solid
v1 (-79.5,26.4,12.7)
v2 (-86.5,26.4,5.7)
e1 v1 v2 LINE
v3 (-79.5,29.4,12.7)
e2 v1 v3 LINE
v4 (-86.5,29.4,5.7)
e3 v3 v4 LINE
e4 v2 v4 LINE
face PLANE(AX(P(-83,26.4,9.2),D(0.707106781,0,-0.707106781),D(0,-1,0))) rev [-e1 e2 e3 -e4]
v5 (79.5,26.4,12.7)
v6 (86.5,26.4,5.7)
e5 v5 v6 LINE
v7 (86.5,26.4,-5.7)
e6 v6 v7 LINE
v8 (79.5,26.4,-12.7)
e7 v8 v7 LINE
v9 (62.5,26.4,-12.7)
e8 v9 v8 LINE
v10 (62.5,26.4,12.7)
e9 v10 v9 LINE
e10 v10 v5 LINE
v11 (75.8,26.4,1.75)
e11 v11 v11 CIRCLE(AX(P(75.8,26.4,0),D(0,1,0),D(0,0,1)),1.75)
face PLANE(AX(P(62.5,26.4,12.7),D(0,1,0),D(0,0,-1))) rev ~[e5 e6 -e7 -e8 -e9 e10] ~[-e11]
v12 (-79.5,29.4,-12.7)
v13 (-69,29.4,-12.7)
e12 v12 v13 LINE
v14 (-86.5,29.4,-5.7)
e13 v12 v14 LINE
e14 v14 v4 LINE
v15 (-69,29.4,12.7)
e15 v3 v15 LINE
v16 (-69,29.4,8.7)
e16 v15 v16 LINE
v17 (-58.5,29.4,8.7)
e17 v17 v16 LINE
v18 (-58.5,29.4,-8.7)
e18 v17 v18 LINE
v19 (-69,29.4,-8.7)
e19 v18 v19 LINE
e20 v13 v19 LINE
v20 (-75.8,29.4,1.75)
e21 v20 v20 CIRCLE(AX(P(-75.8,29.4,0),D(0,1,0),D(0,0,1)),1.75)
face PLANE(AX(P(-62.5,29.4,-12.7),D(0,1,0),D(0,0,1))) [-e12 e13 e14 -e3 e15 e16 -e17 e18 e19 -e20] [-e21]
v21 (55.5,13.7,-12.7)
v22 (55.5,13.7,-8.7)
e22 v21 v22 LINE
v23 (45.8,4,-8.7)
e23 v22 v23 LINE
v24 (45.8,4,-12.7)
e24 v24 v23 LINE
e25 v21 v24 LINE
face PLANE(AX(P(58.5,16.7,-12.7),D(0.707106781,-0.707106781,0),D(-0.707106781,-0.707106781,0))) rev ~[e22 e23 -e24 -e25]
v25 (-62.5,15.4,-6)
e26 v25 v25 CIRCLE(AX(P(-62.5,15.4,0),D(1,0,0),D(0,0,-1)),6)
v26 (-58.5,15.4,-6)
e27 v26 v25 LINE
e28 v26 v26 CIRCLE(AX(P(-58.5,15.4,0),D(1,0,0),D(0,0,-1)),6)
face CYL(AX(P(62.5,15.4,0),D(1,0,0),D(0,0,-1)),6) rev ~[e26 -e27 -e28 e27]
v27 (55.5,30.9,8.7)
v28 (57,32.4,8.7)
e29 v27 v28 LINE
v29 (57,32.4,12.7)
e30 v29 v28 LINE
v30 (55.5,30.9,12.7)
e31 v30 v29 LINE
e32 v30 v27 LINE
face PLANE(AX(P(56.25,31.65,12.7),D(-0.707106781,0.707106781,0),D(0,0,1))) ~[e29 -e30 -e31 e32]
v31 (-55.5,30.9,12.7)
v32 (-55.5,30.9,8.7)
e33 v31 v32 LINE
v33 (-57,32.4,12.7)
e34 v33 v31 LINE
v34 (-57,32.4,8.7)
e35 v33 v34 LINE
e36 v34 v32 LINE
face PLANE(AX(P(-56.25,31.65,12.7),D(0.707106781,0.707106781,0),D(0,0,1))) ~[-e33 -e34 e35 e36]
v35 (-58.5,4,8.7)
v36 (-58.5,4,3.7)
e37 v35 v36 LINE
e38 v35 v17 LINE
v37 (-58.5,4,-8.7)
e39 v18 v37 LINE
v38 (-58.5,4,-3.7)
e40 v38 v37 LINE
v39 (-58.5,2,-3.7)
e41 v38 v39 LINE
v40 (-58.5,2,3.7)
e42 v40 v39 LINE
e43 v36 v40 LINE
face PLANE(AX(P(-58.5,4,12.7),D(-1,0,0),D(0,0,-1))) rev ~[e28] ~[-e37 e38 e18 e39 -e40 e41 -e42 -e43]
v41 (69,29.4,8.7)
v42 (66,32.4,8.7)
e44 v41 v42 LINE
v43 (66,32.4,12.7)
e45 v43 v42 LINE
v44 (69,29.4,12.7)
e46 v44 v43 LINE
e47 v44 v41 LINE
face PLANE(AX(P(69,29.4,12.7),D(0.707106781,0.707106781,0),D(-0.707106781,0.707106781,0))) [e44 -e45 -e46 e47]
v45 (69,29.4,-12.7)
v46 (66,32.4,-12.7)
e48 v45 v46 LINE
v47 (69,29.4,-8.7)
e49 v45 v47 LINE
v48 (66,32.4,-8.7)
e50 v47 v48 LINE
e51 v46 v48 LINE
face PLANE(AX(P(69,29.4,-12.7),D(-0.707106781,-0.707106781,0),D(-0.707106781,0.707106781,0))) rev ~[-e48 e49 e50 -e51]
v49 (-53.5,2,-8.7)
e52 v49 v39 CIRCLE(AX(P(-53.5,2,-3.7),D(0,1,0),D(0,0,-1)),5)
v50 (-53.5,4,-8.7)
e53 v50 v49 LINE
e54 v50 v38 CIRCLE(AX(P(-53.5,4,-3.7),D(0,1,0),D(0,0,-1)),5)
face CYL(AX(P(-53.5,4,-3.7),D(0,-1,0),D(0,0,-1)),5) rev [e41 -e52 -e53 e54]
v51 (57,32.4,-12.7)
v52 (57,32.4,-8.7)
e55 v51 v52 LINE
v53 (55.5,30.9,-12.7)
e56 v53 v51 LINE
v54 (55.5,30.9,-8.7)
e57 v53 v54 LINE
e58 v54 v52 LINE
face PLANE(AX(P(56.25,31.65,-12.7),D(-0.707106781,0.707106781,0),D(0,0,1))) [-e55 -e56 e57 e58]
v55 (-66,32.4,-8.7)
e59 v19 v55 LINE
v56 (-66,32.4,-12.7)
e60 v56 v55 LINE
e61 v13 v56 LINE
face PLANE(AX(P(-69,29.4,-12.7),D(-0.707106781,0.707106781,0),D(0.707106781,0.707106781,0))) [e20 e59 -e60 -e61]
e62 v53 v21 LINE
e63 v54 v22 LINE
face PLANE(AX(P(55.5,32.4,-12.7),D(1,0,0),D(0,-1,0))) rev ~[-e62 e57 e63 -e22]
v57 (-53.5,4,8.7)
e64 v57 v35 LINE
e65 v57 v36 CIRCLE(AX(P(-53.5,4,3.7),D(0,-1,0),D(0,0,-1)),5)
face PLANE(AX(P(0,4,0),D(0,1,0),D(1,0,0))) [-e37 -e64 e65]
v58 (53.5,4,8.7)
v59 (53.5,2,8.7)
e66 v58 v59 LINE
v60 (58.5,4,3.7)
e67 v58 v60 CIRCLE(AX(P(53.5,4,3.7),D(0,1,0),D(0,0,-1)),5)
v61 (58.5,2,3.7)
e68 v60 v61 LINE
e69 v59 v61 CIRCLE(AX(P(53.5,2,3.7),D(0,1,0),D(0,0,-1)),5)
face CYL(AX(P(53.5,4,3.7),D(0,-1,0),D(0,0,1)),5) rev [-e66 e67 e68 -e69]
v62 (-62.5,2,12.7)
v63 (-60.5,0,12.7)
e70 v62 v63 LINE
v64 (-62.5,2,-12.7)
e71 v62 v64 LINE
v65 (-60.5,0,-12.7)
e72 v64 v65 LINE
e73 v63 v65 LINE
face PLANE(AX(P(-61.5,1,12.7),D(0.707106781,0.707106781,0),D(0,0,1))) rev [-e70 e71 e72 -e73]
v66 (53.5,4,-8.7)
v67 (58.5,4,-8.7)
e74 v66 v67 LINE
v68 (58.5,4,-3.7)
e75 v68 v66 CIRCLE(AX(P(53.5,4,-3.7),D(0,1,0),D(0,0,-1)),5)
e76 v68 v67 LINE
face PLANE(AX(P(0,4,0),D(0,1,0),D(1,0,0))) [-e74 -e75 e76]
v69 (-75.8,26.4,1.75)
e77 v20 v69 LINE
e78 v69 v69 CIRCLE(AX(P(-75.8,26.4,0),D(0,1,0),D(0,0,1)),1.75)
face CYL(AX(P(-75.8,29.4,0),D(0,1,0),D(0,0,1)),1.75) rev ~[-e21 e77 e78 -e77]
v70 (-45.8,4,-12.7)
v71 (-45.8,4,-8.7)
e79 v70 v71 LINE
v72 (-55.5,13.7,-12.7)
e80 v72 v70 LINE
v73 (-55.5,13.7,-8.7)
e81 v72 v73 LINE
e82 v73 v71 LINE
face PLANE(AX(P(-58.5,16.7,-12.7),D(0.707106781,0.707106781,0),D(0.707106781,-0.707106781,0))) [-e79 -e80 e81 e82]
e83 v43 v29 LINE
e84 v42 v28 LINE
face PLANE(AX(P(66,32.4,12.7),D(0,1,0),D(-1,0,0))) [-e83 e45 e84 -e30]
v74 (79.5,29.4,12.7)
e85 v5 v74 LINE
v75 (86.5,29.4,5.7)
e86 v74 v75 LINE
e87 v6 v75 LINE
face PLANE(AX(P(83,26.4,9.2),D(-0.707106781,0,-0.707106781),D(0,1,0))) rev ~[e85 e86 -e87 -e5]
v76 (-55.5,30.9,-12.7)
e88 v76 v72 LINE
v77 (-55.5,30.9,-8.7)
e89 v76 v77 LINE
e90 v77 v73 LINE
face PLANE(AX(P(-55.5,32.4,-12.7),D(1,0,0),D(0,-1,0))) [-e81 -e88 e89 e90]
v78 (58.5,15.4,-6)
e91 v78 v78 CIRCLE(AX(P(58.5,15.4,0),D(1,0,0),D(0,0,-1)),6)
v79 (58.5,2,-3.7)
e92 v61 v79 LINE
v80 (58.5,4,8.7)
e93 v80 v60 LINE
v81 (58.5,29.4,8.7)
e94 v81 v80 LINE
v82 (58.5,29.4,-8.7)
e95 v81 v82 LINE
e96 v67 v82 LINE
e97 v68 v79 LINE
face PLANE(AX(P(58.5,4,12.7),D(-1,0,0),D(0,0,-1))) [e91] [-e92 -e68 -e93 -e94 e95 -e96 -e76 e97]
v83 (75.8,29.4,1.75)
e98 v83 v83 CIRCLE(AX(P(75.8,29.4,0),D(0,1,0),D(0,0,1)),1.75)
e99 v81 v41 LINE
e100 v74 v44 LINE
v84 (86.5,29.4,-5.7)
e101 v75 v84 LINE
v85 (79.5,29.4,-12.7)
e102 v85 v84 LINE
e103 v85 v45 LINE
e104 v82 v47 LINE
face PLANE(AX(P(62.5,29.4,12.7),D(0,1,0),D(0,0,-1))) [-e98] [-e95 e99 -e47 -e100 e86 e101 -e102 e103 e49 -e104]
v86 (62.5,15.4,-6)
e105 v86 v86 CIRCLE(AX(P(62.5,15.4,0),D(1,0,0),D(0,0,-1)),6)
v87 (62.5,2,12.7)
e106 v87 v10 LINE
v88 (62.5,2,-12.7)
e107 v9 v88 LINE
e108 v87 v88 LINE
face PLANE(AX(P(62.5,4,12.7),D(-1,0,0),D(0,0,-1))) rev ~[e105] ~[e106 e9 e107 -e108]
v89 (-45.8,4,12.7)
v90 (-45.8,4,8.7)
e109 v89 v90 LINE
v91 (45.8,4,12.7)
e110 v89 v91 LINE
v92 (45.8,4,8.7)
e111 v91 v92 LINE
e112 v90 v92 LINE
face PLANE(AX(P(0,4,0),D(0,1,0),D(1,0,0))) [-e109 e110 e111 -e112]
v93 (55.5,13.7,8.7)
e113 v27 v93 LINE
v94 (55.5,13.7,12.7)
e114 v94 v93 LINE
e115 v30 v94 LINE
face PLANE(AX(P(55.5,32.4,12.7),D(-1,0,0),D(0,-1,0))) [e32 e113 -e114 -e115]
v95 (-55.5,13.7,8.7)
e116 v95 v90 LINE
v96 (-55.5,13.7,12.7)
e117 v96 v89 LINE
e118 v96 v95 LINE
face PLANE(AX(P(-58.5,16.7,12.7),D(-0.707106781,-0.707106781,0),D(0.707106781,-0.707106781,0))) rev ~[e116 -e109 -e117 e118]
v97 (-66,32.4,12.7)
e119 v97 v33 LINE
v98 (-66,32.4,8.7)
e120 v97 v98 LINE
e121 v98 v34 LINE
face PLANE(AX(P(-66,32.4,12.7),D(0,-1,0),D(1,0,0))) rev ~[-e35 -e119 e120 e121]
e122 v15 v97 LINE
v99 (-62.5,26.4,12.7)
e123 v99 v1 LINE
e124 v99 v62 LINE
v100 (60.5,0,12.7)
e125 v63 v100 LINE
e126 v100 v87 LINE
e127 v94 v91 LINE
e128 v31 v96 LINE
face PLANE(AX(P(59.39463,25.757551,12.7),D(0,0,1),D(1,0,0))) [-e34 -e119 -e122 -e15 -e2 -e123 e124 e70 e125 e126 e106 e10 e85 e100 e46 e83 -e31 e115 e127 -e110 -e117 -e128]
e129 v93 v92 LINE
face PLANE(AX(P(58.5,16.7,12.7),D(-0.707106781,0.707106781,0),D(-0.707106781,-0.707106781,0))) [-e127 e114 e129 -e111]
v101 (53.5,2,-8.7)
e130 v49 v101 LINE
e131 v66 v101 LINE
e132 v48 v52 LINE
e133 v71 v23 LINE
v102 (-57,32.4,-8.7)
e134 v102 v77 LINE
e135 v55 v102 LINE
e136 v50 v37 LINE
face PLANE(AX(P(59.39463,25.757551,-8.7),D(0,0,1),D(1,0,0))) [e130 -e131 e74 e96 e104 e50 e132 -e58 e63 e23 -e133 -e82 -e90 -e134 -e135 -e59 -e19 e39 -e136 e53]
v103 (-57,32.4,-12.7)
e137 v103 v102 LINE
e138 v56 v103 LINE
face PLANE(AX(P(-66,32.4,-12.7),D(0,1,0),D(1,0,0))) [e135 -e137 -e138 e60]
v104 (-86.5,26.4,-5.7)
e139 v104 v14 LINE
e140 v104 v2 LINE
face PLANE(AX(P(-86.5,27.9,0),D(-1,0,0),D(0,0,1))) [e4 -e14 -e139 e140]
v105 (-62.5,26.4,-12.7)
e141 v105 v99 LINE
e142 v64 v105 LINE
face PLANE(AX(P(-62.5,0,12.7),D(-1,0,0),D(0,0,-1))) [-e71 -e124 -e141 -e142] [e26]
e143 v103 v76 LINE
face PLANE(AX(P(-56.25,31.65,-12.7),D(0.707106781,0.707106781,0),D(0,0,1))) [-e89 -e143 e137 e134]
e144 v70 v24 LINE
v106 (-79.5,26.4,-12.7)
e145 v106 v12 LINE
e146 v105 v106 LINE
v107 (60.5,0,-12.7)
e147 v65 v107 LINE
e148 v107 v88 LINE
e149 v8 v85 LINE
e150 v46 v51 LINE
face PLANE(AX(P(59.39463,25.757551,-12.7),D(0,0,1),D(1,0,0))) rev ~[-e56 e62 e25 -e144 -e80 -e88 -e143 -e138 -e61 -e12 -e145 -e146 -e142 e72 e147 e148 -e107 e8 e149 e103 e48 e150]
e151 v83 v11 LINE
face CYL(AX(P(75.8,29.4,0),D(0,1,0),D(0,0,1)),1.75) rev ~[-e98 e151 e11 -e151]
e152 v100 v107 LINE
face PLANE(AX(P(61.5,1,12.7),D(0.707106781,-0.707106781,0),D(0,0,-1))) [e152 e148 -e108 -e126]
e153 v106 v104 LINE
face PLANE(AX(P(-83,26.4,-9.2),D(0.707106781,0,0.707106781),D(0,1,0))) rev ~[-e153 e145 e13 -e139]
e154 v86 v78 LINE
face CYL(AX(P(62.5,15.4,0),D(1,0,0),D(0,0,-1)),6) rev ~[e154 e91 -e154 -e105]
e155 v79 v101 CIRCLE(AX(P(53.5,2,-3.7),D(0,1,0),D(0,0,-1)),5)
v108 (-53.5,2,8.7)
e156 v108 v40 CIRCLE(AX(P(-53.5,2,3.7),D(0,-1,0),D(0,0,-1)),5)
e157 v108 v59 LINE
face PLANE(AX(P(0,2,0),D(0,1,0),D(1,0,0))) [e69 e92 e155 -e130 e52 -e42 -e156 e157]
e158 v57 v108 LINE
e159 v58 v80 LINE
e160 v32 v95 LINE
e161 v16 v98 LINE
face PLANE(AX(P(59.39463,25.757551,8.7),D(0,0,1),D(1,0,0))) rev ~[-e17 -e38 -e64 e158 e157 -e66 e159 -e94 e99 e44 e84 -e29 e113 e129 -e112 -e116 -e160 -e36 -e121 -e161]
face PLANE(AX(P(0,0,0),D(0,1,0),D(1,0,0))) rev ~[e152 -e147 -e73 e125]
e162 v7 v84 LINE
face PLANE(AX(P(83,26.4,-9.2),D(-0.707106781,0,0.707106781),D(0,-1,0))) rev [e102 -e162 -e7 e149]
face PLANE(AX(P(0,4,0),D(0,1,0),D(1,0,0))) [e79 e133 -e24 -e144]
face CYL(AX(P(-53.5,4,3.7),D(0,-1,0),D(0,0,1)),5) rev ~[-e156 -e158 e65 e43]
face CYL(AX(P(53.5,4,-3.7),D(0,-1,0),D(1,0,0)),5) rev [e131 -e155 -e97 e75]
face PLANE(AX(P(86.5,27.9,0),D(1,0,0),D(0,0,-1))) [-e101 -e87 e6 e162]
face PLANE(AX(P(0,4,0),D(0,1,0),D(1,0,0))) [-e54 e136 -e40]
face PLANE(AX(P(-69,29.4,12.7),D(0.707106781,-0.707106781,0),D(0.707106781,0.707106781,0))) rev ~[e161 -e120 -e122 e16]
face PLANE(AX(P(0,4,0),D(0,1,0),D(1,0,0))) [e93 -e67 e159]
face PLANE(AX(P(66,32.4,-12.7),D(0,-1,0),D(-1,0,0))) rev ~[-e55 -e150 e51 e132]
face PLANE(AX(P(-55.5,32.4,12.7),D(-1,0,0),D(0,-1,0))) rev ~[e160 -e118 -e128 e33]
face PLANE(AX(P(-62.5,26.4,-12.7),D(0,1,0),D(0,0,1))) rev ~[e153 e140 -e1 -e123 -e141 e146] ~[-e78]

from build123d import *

# Parameters (mm, degrees)
SKETCH1_W           = 125
SKETCH1_H           = 25.4
BOSS_EXTRUDE1_DEPTH = 4
SKETCH2_W           = 117
SKETCH2_H           = 17.4
CUT_EXTRUDE1_DEPTH  = 2
FILLET1_R           = 5
SKETCH3_W           = 4
SKETCH3_H           = 25.4
BOSS_EXTRUDE2_DEPTH = 25.4
CHAMFER1_SIZE       = 2
SKETCH4_R           = 6
CUT_EXTRUDE3_DEPTH  = 135.4
SKETCH5_W           = 25.4
SKETCH5_H           = 3
BOSS_EXTRUDE3_DEPTH = 24
SKETCH6_W           = 25.4
SKETCH6_H           = 3
BOSS_EXTRUDE4_DEPTH = 24
BOSS_EXTRUDE5_DEPTH = 4
BOSS_EXTRUDE6_DEPTH = 4
SKETCH9_R           = 1.75
CUT_EXTRUDE4_DEPTH  = 4
CHAMFER2_SIZE       = 7
BOSS_EXTRUDE7_DEPTH = 4
BOSS_EXTRUDE8_DEPTH = 4
CHAMFER3_SIZE       = 1.5


with BuildPart() as part:
    # Sketch1 → Boss-Extrude1 (new body)
    with BuildSketch(Plane(origin=(0, 0, 0), x_dir=(1, 0, 0), z_dir=(0, 1, 0))):
        Rectangle(SKETCH1_W, SKETCH1_H)
    extrude(amount=BOSS_EXTRUDE1_DEPTH)

    # Sketch2 → Cut-Extrude1 (cut)
    with BuildSketch(Plane(origin=(0, 4, 0), x_dir=(1, 0, 0), z_dir=(0, 1, 0))):
        Rectangle(SKETCH2_W, SKETCH2_H)
    extrude(amount=-CUT_EXTRUDE1_DEPTH, mode=Mode.SUBTRACT)

    # Fillet1
    fillet1_edges = [part.edges().sort_by_distance(p)[0] for p in [
        (58.5, 3, -8.7),
        (58.5, 3, 8.7),
        (-58.5, 3, 8.7),
        (-58.5, 3, -8.7),
    ]]
    fillet(fillet1_edges, radius=FILLET1_R)

    # Sketch3 → Boss-Extrude2 (add)
    with BuildSketch(Plane(origin=(0, 4, 0), x_dir=(1, 0, 0), z_dir=(0, 1, 0))):
        with Locations((60.5, 0)):
            Rectangle(SKETCH3_W, SKETCH3_H)
        with Locations((-60.5, 0)):
            Rectangle(SKETCH3_W, SKETCH3_H)
    extrude(amount=BOSS_EXTRUDE2_DEPTH)

    # Chamfer1
    chamfer1_edges = [part.edges().sort_by_distance(p)[0] for p in [
        (-62.5, 0, 0),
        (62.5, 0, 0),
    ]]
    chamfer(chamfer1_edges, length=CHAMFER1_SIZE)

    # Sketch4 → Cut-Extrude3 (cut)
    with BuildSketch(Plane(origin=(62.5, 0, 0), x_dir=(0, 0, -1), z_dir=(1, 0, 0))):
        with Locations((0, 15.4)):
            Circle(SKETCH4_R)
    extrude(amount=-CUT_EXTRUDE3_DEPTH, mode=Mode.SUBTRACT)

    # Sketch5 → Boss-Extrude3 (add)
    with BuildSketch(Plane.ZY.offset(62.5)):
        with Locations((0, 27.9)):
            Rectangle(SKETCH5_W, SKETCH5_H)
    extrude(amount=BOSS_EXTRUDE3_DEPTH)

    # Sketch6 → Boss-Extrude4 (add)
    with BuildSketch(Plane(origin=(62.5, 0, 0), x_dir=(0, 0, -1), z_dir=(1, 0, 0))):
        with Locations((0, 27.9)):
            Rectangle(SKETCH6_W, SKETCH6_H)
    extrude(amount=BOSS_EXTRUDE4_DEPTH)

    # Sketch7 → Boss-Extrude5 (add)
    with BuildSketch(Plane.XY.offset(12.7)):
        Polygon((-58.5, 16.7), (-45.8, 4), (-58.5, 4), align=None)
        Polygon((58.5, 16.7), (45.8, 4), (58.5, 4), align=None)
    extrude(amount=-BOSS_EXTRUDE5_DEPTH)

    # Sketch8 → Boss-Extrude6 (add)
    with BuildSketch(Plane(origin=(0, 0, -12.7), x_dir=(-1, 0, 0), z_dir=(0, 0, -1))):
        Polygon((-58.5, 16.7), (-45.8, 4), (-58.5, 4), align=None)
        Polygon((58.5, 16.7), (45.8, 4), (58.5, 4), align=None)
    extrude(amount=-BOSS_EXTRUDE6_DEPTH)

    # Sketch9 → Cut-Extrude4 (cut)
    with BuildSketch(Plane(origin=(0, 29.4, 0), x_dir=(1, 0, 0), z_dir=(0, 1, 0))):
        with Locations(Location((75.8, 0, 0), (0, 0, 270))):
            Circle(SKETCH9_R)
        with Locations(Location((-75.8, 0, 0), (0, 0, 270))):
            Circle(SKETCH9_R)
    extrude(amount=-CUT_EXTRUDE4_DEPTH, mode=Mode.SUBTRACT)

    # Chamfer2
    chamfer2_edges = [part.edges().sort_by_distance(p)[0] for p in [
        (-86.5, 27.9, -12.7),
        (-86.5, 27.9, 12.7),
        (86.5, 27.9, 12.7),
        (86.5, 27.9, -12.7),
    ]]
    chamfer(chamfer2_edges, length=CHAMFER2_SIZE)

    # Sketch10 → Boss-Extrude7 (add)
    with BuildSketch(Plane(origin=(0, 0, -12.7), x_dir=(-1, 0, 0), z_dir=(0, 0, -1))):
        Polygon((-69, 29.4), (-66, 32.4), (-55.5, 32.4), (-55.5, 13.7), (-58.5, 16.7), (-58.5, 29.4), align=None)
        Polygon((69, 29.4), (66, 32.4), (55.5, 32.4), (55.5, 13.7), (58.5, 16.7), (58.5, 29.4), align=None)
    extrude(amount=-BOSS_EXTRUDE7_DEPTH)

    # Sketch11 → Boss-Extrude8 (add)
    with BuildSketch(Plane.XY.offset(12.7)):
        Polygon((69, 29.4), (66, 32.4), (55.5, 32.4), (55.5, 13.7), (58.5, 16.7), (58.5, 29.4), align=None)
        Polygon((-69, 29.4), (-66, 32.4), (-55.5, 32.4), (-55.5, 13.7), (-58.5, 16.7), (-58.5, 29.4), align=None)
    extrude(amount=-BOSS_EXTRUDE8_DEPTH)

    # Chamfer3
    chamfer3_edges = [part.edges().sort_by_distance(p)[0] for p in [
        (55.5, 32.4, -10.7),
        (-55.5, 32.4, -10.7),
        (55.5, 32.4, 10.7),
        (-55.5, 32.4, 10.7),
    ]]
    chamfer(chamfer3_edges, length=CHAMFER3_SIZE)


solid = part.part
